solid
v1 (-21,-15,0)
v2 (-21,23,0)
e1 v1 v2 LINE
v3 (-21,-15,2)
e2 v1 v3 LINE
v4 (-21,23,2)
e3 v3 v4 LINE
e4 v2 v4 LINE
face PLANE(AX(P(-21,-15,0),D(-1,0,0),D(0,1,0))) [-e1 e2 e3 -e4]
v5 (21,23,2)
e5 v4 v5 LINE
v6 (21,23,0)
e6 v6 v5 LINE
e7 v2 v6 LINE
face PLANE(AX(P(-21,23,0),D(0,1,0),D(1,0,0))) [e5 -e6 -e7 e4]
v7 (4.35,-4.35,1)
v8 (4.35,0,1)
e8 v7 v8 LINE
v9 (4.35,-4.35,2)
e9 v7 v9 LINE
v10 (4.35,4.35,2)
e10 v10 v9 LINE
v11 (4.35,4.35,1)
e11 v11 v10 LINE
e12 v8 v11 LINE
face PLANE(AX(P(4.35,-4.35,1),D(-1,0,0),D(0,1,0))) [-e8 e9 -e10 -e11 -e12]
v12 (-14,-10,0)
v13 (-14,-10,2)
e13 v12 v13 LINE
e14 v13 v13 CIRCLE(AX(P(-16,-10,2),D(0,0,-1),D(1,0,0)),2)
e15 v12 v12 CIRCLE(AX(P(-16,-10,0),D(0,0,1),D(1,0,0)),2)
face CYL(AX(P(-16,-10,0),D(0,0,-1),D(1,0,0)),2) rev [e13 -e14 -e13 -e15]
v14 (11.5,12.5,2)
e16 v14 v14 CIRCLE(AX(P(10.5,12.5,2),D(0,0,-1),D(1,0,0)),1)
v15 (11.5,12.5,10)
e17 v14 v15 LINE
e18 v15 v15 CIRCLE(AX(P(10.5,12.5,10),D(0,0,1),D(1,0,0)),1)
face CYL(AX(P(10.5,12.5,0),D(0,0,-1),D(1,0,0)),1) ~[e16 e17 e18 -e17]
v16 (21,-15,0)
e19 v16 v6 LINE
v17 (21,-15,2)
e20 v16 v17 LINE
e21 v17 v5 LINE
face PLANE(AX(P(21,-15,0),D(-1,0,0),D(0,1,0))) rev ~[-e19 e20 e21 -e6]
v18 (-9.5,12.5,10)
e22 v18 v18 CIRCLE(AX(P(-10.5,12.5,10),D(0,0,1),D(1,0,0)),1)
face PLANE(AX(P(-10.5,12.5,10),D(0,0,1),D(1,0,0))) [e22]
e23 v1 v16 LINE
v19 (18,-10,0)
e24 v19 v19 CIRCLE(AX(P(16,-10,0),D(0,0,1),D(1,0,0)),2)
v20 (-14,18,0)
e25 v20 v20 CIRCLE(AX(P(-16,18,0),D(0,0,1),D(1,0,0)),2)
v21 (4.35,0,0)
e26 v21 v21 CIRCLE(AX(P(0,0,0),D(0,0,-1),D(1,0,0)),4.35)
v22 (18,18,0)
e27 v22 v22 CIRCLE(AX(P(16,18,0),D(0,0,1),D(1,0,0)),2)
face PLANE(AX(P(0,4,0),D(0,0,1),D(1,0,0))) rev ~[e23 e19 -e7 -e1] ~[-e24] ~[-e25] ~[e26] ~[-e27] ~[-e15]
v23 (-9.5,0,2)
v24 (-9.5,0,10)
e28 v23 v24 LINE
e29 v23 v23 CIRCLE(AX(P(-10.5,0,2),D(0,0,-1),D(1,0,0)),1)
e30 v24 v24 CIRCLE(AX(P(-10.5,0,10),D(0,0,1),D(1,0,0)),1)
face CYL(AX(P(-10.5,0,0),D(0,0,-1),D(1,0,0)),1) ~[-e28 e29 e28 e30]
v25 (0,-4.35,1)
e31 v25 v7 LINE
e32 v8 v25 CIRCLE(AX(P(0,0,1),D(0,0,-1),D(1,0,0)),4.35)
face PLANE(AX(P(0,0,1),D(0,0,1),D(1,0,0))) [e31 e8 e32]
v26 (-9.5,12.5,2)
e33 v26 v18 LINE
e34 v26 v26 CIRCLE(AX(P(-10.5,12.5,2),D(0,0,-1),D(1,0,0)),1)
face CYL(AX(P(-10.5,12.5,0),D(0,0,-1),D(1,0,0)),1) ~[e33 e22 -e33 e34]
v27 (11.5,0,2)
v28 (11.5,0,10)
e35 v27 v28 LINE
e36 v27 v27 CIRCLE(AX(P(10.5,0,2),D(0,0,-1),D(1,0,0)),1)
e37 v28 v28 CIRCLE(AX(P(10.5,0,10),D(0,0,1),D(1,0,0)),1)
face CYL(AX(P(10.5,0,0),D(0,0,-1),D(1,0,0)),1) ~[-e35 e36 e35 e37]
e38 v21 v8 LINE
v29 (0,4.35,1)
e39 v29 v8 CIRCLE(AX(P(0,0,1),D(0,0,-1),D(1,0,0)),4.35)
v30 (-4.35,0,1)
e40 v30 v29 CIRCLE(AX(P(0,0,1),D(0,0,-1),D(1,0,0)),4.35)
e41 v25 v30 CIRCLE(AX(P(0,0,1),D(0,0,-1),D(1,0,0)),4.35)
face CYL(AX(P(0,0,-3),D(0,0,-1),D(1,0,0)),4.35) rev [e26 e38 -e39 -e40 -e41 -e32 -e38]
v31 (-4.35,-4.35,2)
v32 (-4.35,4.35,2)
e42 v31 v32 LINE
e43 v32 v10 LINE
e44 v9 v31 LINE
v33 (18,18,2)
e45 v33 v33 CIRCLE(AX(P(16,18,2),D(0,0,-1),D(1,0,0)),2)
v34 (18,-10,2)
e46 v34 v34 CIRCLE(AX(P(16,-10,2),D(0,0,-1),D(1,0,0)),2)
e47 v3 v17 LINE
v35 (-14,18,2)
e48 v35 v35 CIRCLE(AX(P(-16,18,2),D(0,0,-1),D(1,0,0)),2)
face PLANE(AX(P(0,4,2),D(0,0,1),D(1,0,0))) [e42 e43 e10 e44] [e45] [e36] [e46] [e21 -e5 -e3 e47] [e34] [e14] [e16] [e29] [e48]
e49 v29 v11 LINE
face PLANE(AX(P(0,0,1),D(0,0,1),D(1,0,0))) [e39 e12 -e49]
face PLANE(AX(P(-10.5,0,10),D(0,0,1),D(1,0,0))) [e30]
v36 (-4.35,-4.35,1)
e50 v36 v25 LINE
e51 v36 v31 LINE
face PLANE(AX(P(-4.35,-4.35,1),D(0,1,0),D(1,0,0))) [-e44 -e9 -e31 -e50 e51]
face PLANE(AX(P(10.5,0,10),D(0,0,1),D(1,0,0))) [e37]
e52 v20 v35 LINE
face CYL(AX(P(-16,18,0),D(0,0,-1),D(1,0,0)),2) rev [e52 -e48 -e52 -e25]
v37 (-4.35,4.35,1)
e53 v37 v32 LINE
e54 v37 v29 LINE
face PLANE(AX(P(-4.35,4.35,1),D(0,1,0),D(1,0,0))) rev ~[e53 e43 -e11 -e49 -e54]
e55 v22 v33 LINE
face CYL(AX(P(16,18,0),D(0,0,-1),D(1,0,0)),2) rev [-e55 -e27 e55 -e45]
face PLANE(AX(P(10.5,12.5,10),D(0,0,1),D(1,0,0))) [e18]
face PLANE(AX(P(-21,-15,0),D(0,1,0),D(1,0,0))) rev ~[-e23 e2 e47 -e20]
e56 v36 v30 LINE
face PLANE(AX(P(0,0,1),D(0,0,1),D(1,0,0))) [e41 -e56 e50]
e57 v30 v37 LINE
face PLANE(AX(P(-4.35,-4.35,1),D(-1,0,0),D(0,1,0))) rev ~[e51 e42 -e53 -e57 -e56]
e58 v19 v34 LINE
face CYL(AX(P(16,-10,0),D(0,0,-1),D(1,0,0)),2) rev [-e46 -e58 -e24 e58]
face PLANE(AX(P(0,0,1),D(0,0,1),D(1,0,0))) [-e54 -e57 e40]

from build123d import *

# Parameters (mm, degrees)
CYLINDER002_R     = 1
CYLINDER002_DEPTH = 10
CYLINDER003_R     = 1
CYLINDER003_DEPTH = 10
CYLINDER004_R     = 1
CYLINDER004_DEPTH = 10
CYLINDER005_R     = 2
CYLINDER005_DEPTH = 10
CYLINDER006_R     = 2
CYLINDER006_DEPTH = 10
CYLINDER007_R     = 2
CYLINDER007_DEPTH = 10
CYLINDER008_R     = 2
CYLINDER008_DEPTH = 10
CYLINDER_R        = 4.35
CYLINDER_DEPTH    = 10
BOX_W             = 8.7
BOX_H             = 8.7
BOX_DEPTH         = 2
BOX001_W          = 42
BOX001_H          = 38
BOX001_DEPTH      = 2
CYLINDER001_R     = 1
CYLINDER001_DEPTH = 10


with BuildPart() as screw_support001:
    # Cylinder002 → Cylinder002 (new body)
    with BuildSketch(Plane(origin=(10.5, 0, 0), x_dir=(1, 0, 0), z_dir=(0, 0, 1))):
        Circle(CYLINDER002_R)
    extrude(amount=CYLINDER002_DEPTH)


with BuildPart() as screw_support002:
    # Cylinder003 → Cylinder003 (new body)
    with BuildSketch(Plane(origin=(-10.5, 12.5, 0), x_dir=(1, 0, 0), z_dir=(0, 0, 1))):
        Circle(CYLINDER003_R)
    extrude(amount=CYLINDER003_DEPTH)


with BuildPart() as screw_support003:
    # Cylinder004 → Cylinder004 (new body)
    with BuildSketch(Plane(origin=(10.5, 12.5, 0), x_dir=(1, 0, 0), z_dir=(0, 0, 1))):
        Circle(CYLINDER004_R)
    extrude(amount=CYLINDER004_DEPTH)


with BuildPart() as bolthole:
    # Cylinder005 → Cylinder005 (new body)
    with BuildSketch(Plane(origin=(-16, -10, 0), x_dir=(1, 0, 0), z_dir=(0, 0, 1))):
        Circle(CYLINDER005_R)
    extrude(amount=CYLINDER005_DEPTH)


with BuildPart() as bolthole001:
    # Cylinder006 → Cylinder006 (new body)
    with BuildSketch(Plane(origin=(16, 18, 0), x_dir=(1, 0, 0), z_dir=(0, 0, 1))):
        Circle(CYLINDER006_R)
    extrude(amount=CYLINDER006_DEPTH)


with BuildPart() as bolthole002:
    # Cylinder007 → Cylinder007 (new body)
    with BuildSketch(Plane(origin=(16, -10, 0), x_dir=(1, 0, 0), z_dir=(0, 0, 1))):
        Circle(CYLINDER007_R)
    extrude(amount=CYLINDER007_DEPTH)


with BuildPart() as bolthole003:
    # Cylinder008 → Cylinder008 (new body)
    with BuildSketch(Plane(origin=(-16, 18, 0), x_dir=(1, 0, 0), z_dir=(0, 0, 1))):
        Circle(CYLINDER008_R)
    extrude(amount=CYLINDER008_DEPTH)


with BuildPart() as cylinder:
    # Cylinder → Cylinder (new body)
    with BuildSketch(Plane.XY.offset(-3)):
        Circle(CYLINDER_R)
    extrude(amount=CYLINDER_DEPTH)


with BuildPart() as cube:
    # Box → Box (new body)
    with BuildSketch(Plane(origin=(-4.35, -4.35, 1), x_dir=(1, 0, 0), z_dir=(0, 0, 1))):
        with Locations((4.35, 4.35)):
            Rectangle(BOX_W, BOX_H)
    extrude(amount=BOX_DEPTH)


with BuildPart() as cut005:
    # Box001 → Box001 (new body)
    with BuildSketch(Plane(origin=(-21, -15, 0), x_dir=(1, 0, 0), z_dir=(0, 0, 1))):
        with Locations((21, 19)):
            Rectangle(BOX001_W, BOX001_H)
    extrude(amount=BOX001_DEPTH)

    # Cut: cut Cube
    add(cube.part, mode=Mode.SUBTRACT)

    # Cut001: cut Cylinder
    add(cylinder.part, mode=Mode.SUBTRACT)

    # Cut002: cut BoltHole003
    add(bolthole003.part, mode=Mode.SUBTRACT)

    # Cut003: cut BoltHole002
    add(bolthole002.part, mode=Mode.SUBTRACT)

    # Cut004: cut BoltHole001
    add(bolthole001.part, mode=Mode.SUBTRACT)

    # Cut005: cut BoltHole
    add(bolthole.part, mode=Mode.SUBTRACT)


with BuildPart() as fusion_camfront:
    # Cylinder001 → Cylinder001 (new body)
    with BuildSketch(Plane(origin=(-10.5, 0, 0), x_dir=(1, 0, 0), z_dir=(0, 0, 1))):
        Circle(CYLINDER001_R)
    extrude(amount=CYLINDER001_DEPTH)

    # Fusion: union screw support001, screw support002, screw support003, Cut005
    add(screw_support001.part)
    add(screw_support002.part)
    add(screw_support003.part)
    add(cut005.part)


solid = fusion_camfront.part
